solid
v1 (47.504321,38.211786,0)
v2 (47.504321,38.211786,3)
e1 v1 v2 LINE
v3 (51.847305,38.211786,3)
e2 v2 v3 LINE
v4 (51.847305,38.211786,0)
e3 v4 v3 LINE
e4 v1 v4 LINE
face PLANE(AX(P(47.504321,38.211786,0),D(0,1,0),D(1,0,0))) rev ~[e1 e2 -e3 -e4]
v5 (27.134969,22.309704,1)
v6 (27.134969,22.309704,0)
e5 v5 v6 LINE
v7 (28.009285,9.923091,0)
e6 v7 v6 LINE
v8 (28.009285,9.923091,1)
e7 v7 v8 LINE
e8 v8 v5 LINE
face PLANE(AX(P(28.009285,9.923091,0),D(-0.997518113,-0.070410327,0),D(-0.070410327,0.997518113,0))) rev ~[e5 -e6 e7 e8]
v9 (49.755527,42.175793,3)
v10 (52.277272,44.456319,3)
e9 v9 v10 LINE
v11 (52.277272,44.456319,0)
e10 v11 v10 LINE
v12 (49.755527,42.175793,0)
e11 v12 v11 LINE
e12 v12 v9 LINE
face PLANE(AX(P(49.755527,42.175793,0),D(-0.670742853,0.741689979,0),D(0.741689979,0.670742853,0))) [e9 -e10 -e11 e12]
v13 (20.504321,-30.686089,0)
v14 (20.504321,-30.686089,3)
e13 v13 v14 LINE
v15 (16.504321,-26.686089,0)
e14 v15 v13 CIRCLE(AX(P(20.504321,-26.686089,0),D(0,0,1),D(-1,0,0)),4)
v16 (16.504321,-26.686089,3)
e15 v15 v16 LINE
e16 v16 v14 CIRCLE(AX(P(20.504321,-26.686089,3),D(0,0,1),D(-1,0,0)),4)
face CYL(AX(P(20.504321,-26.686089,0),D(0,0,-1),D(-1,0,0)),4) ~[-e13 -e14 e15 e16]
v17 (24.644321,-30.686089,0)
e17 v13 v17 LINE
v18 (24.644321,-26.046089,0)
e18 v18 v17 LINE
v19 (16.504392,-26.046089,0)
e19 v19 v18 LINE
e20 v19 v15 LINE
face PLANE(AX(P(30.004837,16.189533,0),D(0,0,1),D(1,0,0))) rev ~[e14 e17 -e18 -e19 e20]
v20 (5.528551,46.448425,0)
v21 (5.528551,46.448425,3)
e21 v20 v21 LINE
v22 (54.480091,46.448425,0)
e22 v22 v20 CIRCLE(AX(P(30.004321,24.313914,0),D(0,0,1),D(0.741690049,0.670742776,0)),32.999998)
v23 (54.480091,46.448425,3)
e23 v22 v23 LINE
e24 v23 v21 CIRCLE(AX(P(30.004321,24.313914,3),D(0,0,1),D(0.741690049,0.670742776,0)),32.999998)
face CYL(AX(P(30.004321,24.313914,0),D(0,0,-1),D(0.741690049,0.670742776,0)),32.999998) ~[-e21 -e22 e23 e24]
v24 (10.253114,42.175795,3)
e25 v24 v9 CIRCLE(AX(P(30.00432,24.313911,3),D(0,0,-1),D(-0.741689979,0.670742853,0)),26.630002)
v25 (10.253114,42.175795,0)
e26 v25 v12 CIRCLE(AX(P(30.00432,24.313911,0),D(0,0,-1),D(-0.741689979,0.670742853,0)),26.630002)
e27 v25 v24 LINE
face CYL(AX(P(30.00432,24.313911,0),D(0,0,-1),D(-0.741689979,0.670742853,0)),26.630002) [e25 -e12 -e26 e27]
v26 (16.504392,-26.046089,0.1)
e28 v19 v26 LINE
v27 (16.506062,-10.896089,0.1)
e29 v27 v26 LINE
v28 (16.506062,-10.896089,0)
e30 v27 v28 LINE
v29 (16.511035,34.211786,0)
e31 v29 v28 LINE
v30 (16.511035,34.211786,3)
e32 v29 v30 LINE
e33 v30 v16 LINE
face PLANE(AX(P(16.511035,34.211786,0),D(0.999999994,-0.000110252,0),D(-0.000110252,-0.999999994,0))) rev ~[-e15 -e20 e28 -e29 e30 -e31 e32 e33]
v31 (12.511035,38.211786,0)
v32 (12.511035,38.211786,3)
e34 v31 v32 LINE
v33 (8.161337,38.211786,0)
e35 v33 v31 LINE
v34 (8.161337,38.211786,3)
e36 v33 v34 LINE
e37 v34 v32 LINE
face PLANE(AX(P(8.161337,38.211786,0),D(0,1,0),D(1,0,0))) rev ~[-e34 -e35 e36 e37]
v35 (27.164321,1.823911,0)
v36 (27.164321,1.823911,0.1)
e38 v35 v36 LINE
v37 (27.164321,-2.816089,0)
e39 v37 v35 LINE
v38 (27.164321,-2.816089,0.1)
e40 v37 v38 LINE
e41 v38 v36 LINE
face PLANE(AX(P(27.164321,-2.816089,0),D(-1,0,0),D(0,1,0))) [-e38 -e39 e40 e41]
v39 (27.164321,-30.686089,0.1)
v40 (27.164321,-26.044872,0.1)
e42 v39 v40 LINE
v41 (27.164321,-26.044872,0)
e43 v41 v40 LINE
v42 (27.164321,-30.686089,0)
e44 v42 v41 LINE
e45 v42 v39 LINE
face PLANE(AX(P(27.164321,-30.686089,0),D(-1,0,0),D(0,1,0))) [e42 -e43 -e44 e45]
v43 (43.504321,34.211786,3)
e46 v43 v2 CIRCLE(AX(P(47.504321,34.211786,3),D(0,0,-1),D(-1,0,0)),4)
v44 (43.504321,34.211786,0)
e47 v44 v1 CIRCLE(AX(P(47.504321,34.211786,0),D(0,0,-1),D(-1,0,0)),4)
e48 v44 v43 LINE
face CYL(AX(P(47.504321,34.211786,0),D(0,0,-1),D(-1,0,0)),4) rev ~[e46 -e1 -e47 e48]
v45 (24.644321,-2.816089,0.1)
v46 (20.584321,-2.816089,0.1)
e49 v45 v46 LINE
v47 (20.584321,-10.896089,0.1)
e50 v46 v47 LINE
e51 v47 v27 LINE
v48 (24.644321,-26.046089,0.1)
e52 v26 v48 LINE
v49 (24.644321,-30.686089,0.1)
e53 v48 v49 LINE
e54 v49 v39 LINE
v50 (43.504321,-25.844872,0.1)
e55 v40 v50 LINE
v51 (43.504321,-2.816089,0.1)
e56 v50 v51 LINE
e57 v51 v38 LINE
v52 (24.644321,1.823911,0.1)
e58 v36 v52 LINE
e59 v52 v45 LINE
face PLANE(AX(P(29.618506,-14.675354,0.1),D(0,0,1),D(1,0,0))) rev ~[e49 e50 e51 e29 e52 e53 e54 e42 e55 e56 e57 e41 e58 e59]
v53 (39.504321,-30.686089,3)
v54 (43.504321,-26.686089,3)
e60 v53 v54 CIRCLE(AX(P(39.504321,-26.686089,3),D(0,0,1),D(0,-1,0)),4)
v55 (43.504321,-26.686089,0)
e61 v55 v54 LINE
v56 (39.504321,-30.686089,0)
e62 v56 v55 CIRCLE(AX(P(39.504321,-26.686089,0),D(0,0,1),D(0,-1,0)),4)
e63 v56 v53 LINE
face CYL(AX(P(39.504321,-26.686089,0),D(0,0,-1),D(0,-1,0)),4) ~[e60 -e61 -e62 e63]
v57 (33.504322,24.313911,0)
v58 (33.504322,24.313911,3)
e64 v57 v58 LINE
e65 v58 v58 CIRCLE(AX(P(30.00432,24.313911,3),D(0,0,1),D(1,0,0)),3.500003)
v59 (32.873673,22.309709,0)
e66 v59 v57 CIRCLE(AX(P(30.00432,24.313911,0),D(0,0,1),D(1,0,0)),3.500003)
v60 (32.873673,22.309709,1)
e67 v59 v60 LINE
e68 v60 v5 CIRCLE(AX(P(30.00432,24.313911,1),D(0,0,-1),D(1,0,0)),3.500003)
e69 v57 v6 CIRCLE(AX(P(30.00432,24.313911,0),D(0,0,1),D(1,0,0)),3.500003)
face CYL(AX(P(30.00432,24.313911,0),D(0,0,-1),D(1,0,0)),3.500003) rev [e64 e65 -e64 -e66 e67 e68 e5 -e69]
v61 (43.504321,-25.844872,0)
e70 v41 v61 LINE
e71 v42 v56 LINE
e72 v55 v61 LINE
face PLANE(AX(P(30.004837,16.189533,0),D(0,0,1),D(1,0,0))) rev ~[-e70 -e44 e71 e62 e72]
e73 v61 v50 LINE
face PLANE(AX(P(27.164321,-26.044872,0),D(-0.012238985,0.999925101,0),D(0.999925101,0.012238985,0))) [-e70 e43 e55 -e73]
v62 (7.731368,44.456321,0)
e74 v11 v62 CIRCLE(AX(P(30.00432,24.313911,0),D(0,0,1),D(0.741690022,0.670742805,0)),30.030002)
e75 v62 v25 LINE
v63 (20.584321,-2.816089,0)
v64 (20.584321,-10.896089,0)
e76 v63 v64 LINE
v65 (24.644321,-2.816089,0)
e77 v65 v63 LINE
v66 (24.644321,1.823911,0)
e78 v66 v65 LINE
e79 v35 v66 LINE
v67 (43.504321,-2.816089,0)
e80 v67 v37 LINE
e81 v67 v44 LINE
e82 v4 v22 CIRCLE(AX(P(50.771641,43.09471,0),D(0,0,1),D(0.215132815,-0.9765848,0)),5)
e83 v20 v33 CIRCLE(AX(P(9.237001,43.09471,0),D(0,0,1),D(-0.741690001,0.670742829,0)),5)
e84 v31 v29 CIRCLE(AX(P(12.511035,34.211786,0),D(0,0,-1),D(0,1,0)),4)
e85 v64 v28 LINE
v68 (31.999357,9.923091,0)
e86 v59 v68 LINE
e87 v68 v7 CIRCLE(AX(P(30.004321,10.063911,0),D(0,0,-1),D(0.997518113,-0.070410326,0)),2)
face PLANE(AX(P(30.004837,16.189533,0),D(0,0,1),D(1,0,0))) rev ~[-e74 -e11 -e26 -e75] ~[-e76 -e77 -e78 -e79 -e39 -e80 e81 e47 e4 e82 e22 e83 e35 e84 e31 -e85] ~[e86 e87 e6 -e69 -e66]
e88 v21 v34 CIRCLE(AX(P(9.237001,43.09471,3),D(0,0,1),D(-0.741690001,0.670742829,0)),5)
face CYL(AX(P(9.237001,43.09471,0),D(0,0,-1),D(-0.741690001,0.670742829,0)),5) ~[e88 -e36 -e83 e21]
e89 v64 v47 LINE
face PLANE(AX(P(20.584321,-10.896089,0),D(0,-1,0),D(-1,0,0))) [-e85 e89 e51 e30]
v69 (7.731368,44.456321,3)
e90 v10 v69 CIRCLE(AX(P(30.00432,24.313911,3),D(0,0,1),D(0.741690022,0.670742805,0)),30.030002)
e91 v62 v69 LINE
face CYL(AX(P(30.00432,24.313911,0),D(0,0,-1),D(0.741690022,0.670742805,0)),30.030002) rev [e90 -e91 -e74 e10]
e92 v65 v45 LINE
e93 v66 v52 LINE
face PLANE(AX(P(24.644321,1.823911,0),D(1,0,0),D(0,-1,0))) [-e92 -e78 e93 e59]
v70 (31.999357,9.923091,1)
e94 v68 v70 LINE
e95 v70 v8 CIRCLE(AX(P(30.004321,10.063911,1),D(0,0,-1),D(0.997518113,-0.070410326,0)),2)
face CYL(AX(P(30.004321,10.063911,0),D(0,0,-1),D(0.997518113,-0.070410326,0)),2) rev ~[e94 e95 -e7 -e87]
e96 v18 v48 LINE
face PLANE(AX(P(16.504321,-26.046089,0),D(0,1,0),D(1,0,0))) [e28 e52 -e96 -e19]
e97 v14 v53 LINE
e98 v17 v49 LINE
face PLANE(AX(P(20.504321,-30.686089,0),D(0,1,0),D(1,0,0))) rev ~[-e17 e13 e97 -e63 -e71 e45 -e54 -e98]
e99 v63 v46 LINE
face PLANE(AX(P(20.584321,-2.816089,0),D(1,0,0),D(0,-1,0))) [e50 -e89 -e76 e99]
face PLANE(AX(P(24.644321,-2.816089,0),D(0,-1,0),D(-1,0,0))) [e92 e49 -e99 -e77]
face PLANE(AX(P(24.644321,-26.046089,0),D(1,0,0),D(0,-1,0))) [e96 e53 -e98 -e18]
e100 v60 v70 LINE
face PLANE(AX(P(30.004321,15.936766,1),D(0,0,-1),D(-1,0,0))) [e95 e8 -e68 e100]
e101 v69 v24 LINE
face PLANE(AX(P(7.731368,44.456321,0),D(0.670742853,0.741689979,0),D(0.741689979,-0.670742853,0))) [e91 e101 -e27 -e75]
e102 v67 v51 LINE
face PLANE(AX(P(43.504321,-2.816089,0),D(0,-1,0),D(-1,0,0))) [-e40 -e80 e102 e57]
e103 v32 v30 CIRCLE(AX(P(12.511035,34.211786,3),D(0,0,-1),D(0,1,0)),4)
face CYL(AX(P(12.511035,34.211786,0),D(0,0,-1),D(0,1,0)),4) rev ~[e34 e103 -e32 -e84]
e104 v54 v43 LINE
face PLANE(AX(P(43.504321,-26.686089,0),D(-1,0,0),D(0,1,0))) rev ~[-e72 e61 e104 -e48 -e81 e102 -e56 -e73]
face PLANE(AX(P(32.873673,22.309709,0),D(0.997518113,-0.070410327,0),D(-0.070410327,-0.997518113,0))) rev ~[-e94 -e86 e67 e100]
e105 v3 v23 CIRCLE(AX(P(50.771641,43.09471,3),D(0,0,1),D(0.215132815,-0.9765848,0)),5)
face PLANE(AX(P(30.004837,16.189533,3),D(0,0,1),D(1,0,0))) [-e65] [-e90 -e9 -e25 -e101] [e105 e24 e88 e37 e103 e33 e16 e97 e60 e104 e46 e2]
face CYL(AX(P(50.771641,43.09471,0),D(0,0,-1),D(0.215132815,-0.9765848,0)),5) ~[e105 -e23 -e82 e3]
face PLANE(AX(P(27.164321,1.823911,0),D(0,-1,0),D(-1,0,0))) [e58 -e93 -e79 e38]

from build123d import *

# Parameters (mm, degrees)
CORTE_EXTERIOR_R        = 3.500002593
SALIENTE_EXTRUIR1_DEPTH = 3
CORTAR_EXTRUIR1_DEPTH   = 1
CORTAR_EXTRUIR2_DEPTH   = 0.1


with BuildPart() as part:
    # Corte exterior → Saliente-Extruir1 (new body)
    with BuildSketch(Plane.XY):
        with BuildLine():
            Line((47.504320945, 38.211786495), (51.847305041, 38.211786495))
            ThreePointArc((51.847305041, 38.211786495), (55.534254627, 41.572373104), (54.480090972, 46.448424641))
            ThreePointArc((54.480090972, 46.448424641), (30.004320476, 57.31391234), (5.528550918, 46.448424641))
            ThreePointArc((5.528550918, 46.448424641), (4.474387263, 41.572373104), (8.161336848, 38.211786495))
            Line((8.161336848, 38.211786495), (12.511035037, 38.211786495))
            ThreePointArc((12.511035037, 38.211786495), (15.339462162, 37.04021362), (16.511035037, 34.211786495))
            Line((16.511035037, 34.211786495), (16.504320945, -26.686088981))
            ThreePointArc((16.504320945, -26.686088981), (17.67589382, -29.514516106), (20.504320945, -30.686088981))
            Line((20.504320945, -30.686088981), (39.504320945, -30.686088981))
            ThreePointArc((39.504320945, -30.686088981), (42.33274807, -29.514516106), (43.504320945, -26.686088981))
            Line((43.504320945, -26.686088981), (43.504320945, 34.211786495))
            ThreePointArc((43.504320945, 34.211786495), (44.67589382, 37.04021362), (47.504320945, 38.211786495))
        make_face()
        with Locations((30.00431952, 24.313911283)):
            Circle(CORTE_EXTERIOR_R, mode=Mode.SUBTRACT)
        with BuildLine():
            ThreePointArc((52.277272453, 44.456319148), (30.004320476, 54.343913397), (7.731367869, 44.456320565))
            Line((7.731367869, 44.456320565), (10.253113799, 42.175794866))
            ThreePointArc((10.253113799, 42.175794866), (30.004320476, 50.943913397), (49.755526523, 42.175793449))
            Line((49.755526523, 42.175793449), (52.277272453, 44.456319148))
        make_face(mode=Mode.SUBTRACT)
    extrude(amount=SALIENTE_EXTRUIR1_DEPTH)

    # Grabado Superficie → Cortar-Extruir1 (cut)
    with BuildSketch(Plane.XY):
        with BuildLine():
            Line((32.873672963, 22.309708905), (31.999357171, 9.92309063))
            ThreePointArc((31.999357171, 9.92309063), (30.004320945, 8.063911283), (28.009284719, 9.92309063))
            Line((28.009284719, 9.92309063), (27.134968927, 22.309708905))
            ThreePointArc((27.134968927, 22.309708905), (30.004320945, 20.813910115), (32.873672963, 22.309708905))
        make_face()
    extrude(amount=CORTAR_EXTRUIR1_DEPTH, mode=Mode.SUBTRACT)

    # grabado linea medio → Cortar-Extruir2 (cut)
    with BuildSketch(Plane.XY):
        Polygon((16.504320945, -26.046088981), (24.644320945, -26.046088981), (24.644320945, -30.686088981), (27.164320945, -30.686088981), (27.164320945, -26.044872481), (43.504320945, -25.844872481), (43.504320945, -2.816088981), (27.164320945, -2.816088981), (27.164320945, 1.823911019), (24.644320945, 1.823911019), (24.644320945, -2.816088981), (20.584320945, -2.816088981), (20.584320945, -10.896088981), (16.504320945, -10.896088981), align=None)
    extrude(amount=CORTAR_EXTRUIR2_DEPTH, mode=Mode.SUBTRACT)


solid = part.part
